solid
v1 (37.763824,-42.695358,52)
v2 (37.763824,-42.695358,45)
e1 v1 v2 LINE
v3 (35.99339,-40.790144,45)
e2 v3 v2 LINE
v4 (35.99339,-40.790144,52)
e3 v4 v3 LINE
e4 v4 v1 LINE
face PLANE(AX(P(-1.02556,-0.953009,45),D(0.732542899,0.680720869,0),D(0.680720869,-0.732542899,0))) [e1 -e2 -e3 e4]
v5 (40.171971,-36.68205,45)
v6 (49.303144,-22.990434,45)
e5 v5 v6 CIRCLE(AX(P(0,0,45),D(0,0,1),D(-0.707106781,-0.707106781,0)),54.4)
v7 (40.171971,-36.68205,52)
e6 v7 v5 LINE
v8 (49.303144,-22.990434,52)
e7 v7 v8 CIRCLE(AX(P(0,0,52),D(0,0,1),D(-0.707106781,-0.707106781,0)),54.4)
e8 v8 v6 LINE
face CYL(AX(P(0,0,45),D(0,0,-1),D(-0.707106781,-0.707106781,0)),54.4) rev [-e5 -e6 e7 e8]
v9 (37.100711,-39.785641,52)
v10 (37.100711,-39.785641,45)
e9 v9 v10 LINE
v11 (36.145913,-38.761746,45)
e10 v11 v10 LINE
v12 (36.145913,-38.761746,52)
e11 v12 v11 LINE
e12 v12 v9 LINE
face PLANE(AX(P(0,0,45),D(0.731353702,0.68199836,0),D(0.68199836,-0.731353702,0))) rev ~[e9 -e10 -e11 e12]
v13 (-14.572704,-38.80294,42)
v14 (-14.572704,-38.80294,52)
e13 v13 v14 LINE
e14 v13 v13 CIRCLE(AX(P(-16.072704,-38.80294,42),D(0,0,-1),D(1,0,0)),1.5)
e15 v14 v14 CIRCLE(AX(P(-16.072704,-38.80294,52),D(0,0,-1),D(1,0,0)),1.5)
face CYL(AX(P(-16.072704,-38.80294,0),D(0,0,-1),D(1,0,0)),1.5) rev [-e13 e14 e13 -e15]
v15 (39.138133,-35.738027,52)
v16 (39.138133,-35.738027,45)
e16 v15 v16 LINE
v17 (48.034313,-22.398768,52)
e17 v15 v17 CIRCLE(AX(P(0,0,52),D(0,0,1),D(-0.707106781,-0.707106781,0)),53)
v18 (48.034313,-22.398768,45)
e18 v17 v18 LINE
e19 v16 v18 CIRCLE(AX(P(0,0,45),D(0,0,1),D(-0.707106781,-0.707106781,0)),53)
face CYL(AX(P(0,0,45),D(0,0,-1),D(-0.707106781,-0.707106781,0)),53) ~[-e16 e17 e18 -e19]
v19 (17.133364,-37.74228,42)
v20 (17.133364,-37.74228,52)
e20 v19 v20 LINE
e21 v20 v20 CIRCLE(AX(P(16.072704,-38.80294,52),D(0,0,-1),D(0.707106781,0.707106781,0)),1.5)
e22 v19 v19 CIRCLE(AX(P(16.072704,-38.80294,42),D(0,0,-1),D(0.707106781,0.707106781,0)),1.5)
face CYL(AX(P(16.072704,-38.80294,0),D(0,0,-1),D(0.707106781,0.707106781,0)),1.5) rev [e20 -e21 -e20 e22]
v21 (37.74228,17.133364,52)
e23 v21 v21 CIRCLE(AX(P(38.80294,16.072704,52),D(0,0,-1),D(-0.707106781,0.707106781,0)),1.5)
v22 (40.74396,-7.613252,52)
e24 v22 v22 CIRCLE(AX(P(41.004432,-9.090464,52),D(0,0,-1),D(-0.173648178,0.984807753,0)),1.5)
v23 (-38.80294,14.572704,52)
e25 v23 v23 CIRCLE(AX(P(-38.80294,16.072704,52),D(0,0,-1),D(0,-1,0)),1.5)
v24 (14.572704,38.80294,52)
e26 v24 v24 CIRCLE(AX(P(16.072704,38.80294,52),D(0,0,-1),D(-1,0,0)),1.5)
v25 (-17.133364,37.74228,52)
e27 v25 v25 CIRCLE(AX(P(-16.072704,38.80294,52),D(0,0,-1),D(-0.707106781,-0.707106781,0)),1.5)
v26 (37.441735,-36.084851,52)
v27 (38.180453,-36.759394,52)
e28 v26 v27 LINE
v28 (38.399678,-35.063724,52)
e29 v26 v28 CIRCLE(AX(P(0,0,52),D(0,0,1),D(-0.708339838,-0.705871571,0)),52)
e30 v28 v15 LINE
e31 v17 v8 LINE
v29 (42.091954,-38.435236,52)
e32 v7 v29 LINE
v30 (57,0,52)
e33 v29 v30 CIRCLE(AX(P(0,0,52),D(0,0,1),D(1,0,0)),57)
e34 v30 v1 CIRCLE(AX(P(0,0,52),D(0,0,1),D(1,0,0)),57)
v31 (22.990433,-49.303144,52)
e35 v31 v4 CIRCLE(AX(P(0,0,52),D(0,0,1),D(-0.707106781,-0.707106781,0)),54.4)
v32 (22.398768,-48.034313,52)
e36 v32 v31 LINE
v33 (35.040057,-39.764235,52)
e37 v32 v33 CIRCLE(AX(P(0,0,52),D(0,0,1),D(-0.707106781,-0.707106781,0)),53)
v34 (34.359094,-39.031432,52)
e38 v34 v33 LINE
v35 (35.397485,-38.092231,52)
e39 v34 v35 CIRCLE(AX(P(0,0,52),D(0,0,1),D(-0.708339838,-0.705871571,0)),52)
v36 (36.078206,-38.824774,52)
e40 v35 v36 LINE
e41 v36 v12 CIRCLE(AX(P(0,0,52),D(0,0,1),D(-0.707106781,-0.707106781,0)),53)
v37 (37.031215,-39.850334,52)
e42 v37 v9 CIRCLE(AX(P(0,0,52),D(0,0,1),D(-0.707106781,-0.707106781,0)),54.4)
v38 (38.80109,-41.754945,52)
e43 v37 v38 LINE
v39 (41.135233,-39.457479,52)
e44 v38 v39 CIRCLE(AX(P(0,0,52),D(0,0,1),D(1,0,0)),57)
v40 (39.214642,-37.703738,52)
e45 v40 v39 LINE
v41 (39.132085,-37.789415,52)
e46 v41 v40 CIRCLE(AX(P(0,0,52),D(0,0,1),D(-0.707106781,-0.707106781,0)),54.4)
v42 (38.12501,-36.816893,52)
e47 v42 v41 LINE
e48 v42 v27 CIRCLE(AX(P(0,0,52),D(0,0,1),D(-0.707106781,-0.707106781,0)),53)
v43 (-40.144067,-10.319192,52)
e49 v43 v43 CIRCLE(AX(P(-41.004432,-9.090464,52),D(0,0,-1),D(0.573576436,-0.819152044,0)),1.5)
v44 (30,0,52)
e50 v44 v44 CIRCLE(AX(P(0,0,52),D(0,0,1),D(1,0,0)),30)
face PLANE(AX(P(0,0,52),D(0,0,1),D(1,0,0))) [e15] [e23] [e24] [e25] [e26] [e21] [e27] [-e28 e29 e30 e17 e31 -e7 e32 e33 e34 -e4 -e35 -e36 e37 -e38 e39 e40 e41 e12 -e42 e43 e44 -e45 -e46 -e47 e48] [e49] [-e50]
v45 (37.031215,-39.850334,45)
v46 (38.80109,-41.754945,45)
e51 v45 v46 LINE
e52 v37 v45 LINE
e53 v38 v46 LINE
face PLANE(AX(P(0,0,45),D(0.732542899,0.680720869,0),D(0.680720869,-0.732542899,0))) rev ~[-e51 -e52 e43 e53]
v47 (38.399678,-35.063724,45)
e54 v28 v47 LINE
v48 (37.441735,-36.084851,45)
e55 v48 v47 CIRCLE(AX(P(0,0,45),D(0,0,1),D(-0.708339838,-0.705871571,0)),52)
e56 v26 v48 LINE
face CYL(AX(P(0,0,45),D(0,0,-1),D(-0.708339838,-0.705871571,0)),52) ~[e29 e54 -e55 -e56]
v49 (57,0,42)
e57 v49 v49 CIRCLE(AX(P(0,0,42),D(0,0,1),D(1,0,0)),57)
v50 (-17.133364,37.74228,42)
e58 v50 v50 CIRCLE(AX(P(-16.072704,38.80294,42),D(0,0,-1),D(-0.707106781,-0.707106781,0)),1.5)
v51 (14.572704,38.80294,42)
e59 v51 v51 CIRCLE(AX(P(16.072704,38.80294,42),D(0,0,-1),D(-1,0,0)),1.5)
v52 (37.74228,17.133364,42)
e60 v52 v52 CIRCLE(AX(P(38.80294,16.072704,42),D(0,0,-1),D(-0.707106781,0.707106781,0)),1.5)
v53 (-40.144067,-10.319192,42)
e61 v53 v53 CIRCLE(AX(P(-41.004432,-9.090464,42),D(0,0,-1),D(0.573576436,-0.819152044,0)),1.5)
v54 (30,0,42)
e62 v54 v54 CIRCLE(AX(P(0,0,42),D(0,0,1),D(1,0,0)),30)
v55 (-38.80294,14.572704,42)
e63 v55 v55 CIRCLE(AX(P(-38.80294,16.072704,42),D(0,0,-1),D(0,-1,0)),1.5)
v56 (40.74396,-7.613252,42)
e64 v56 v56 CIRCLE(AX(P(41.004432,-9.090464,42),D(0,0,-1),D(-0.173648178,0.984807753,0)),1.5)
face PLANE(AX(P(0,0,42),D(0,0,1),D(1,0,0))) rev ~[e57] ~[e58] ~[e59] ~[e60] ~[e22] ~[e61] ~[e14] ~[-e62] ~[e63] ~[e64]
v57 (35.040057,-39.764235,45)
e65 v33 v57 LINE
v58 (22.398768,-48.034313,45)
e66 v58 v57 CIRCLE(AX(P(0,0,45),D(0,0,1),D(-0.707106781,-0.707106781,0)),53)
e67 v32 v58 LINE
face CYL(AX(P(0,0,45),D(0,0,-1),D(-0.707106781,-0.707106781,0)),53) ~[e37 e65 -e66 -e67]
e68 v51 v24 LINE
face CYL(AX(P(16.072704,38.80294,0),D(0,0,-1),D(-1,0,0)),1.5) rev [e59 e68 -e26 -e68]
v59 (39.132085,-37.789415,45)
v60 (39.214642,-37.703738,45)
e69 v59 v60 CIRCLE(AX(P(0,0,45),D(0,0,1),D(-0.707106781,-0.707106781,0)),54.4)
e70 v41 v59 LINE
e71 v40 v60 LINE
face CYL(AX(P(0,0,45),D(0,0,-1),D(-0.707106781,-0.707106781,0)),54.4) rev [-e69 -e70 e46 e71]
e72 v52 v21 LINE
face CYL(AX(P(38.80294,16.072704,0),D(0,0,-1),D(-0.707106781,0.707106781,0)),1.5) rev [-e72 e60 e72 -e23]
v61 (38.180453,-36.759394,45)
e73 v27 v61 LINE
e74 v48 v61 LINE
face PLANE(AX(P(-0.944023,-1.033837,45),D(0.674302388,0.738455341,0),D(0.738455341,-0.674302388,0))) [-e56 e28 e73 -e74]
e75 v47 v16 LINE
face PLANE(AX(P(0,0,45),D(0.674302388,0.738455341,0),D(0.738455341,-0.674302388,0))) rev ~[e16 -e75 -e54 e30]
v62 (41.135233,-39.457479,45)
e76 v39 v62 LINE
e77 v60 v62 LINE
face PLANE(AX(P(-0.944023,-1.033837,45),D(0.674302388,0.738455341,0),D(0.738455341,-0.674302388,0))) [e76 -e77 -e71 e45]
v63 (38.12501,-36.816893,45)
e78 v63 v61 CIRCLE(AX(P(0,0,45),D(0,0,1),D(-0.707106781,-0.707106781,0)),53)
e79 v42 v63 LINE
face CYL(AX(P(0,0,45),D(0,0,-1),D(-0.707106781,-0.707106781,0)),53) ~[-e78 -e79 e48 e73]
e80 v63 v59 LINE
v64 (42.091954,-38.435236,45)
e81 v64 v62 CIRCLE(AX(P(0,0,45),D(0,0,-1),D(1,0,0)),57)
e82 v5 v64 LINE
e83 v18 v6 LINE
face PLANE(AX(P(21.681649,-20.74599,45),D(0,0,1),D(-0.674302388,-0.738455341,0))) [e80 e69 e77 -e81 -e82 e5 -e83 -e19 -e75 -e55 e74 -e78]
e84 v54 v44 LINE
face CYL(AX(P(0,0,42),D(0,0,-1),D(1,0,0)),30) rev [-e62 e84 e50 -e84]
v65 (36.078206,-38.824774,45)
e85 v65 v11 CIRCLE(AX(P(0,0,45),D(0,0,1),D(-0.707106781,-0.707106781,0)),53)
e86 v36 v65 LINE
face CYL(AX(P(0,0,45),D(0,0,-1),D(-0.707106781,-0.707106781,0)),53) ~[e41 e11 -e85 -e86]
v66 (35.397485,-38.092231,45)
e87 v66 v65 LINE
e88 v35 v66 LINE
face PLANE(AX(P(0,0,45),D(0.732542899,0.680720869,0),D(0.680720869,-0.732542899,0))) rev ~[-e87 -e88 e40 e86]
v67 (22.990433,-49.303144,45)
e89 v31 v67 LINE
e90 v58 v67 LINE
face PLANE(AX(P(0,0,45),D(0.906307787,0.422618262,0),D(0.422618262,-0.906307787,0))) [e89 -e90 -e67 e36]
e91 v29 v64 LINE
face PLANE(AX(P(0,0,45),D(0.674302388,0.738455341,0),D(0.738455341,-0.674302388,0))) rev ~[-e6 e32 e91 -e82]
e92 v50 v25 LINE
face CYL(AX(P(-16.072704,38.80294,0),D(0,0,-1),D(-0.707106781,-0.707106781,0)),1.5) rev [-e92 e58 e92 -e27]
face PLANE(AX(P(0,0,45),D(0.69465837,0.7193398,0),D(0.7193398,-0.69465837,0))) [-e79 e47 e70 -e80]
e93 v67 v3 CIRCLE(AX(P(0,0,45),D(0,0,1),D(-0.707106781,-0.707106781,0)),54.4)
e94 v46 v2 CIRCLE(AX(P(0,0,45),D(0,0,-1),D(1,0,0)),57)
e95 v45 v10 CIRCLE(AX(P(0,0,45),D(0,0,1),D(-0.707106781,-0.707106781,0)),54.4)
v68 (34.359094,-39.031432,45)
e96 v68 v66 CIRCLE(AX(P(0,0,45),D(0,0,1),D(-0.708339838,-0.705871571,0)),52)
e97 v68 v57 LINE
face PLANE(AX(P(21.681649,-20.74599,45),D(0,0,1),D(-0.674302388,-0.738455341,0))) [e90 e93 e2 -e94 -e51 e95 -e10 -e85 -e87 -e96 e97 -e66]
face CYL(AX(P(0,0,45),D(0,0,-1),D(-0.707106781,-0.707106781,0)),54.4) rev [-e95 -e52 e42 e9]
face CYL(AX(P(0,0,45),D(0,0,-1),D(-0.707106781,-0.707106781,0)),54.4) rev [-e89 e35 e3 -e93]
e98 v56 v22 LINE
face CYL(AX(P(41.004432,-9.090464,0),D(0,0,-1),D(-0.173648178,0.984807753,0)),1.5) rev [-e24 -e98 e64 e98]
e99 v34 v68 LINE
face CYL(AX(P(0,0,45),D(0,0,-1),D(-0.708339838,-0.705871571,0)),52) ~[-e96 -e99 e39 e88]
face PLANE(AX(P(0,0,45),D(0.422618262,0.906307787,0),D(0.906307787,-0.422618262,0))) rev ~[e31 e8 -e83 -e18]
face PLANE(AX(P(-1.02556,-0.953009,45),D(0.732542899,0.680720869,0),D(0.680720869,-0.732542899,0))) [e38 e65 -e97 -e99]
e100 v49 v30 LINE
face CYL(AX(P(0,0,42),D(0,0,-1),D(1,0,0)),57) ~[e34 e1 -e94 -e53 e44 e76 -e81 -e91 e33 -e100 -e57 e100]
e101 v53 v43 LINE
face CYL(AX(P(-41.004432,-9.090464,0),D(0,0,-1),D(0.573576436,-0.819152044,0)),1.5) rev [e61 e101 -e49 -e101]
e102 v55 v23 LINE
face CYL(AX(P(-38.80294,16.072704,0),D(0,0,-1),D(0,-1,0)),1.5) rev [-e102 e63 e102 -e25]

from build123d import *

# Parameters (mm, degrees)
BOX311_W                    = 60
BOX311_H                    = 60
BOX311_DEPTH                = 7
BOX311_PLACEMENT_ANGLE      = 1
BOX312_W                    = 60
BOX312_H                    = 60
BOX312_DEPTH                = 7
BOX312_PLACEMENT_ANGLE      = 2
BOX310_W                    = 120
BOX310_H                    = 60
BOX310_DEPTH                = 7
TUBE084_R                   = 54.4
TUBE084_R_2                 = 53
TUBE084_DEPTH               = 7
BOX308_W                    = 60
BOX308_H                    = 60
BOX308_DEPTH                = 7
BOX308_PLACEMENT_ANGLE      = 20
BOX307_W                    = 60
BOX307_H                    = 60
BOX307_DEPTH                = 7
BOX307_PLACEMENT_ANGLE      = 20
BOX309_W                    = 120
BOX309_H                    = 60
BOX309_DEPTH                = 7
TUBE085_R                   = 54.4
TUBE085_R_2                 = 53
TUBE085_DEPTH               = 7
CUT335_PLACEMENT_ANGLE      = 225
CYLINDER804_R               = 52
CYLINDER804_DEPTH           = 7
BOX313_W                    = 1.4
BOX313_H                    = 60
BOX313_DEPTH                = 7
BOX313_PLACEMENT_ANGLE      = 2.7
BOX314_W                    = 1.4
BOX314_H                    = 60
BOX314_DEPTH                = 7
BOX314_PLACEMENT_ANGLE      = 2
CUT339_PLACEMENT_ANGLE      = 224.9
CYLINDER808_R               = 1.5
CYLINDER808_DEPTH           = 100
CYLINDER808_PLACEMENT_ANGLE = 100
CYLINDER806_R               = 1.5
CYLINDER806_DEPTH           = 100
CYLINDER806_PLACEMENT_ANGLE = 135
CYLINDER810_R               = 1.5
CYLINDER810_DEPTH           = 100
CYLINDER812_R               = 1.5
CYLINDER812_DEPTH           = 100
CYLINDER812_PLACEMENT_ANGLE = 225
CYLINDER805_R               = 1.5
CYLINDER805_DEPTH           = 100
CYLINDER809_R               = 1.5
CYLINDER809_DEPTH           = 100
CYLINDER809_PLACEMENT_ANGLE = 55
CYLINDER807_R               = 1.5
CYLINDER807_DEPTH           = 100
CYLINDER811_R               = 1.5
CYLINDER811_DEPTH           = 100
CYLINDER811_PLACEMENT_ANGLE = 45
TUBE087_R                   = 57
TUBE087_R_2                 = 30
TUBE087_DEPTH               = 10


with BuildPart() as krychle311:
    # Box311 → Box311 (new body)
    with BuildSketch(Plane.XY):
        with Locations((30, 30)):
            Rectangle(BOX311_W, BOX311_H)
    extrude(amount=BOX311_DEPTH)


with BuildPart() as krychle311_1:
    # Box311 placement: moved
    add(krychle311.part.moved(Location((-59.990862, -1.047144, -22))).rotate(Axis((-59.990862, -1.047144, -22), (0, 0, 1)), BOX311_PLACEMENT_ANGLE))


with BuildPart() as compound719:
    # Box312 → Box312 (new body)
    with BuildSketch(Plane.XY):
        with Locations((30, 30)):
            Rectangle(BOX312_W, BOX312_H)
    extrude(amount=BOX312_DEPTH)


with BuildPart() as compound719_1:
    # Box312 placement: moved
    add(compound719.part.moved(Location((0, 0, -22))).rotate(Axis((0, 0, -22), (0, 0, -1)), BOX312_PLACEMENT_ANGLE))

    # Compound719: union Krychle311
    add(krychle311_1.part)


with BuildPart() as krychle310:
    # Box310 → Box310 (new body)
    with BuildSketch(Plane(origin=(-60, -60, -22), x_dir=(1, 0, 0), z_dir=(0, 0, 1))):
        with Locations((60, 30)):
            Rectangle(BOX310_W, BOX310_H)
    extrude(amount=BOX310_DEPTH)


with BuildPart() as cut338:
    # Tube084 → Tube084 (new body)
    with BuildSketch(Plane.XY.offset(-22)):
        Circle(TUBE084_R)
        Circle(TUBE084_R_2, mode=Mode.SUBTRACT)
    extrude(amount=TUBE084_DEPTH)

    # Cut337: cut Krychle310
    add(krychle310.part, mode=Mode.SUBTRACT)

    # Cut338: cut Compound719
    add(compound719_1.part, mode=Mode.SUBTRACT)


with BuildPart() as cut338_1:
    # Cut338 placement: moved
    add(cut338.part.moved(Location((0, 0, -7))))


with BuildPart() as krychle308:
    # Box308 → Box308 (new body)
    with BuildSketch(Plane.XY):
        with Locations((30, 30)):
            Rectangle(BOX308_W, BOX308_H)
    extrude(amount=BOX308_DEPTH)


with BuildPart() as krychle308_1:
    # Box308 placement: moved
    add(krychle308.part.moved(Location((-56.381557, -20.521209, -22))).rotate(Axis((-56.381557, -20.521209, -22), (0, 0, 1)), BOX308_PLACEMENT_ANGLE))


with BuildPart() as compound718:
    # Box307 → Box307 (new body)
    with BuildSketch(Plane.XY):
        with Locations((30, 30)):
            Rectangle(BOX307_W, BOX307_H)
    extrude(amount=BOX307_DEPTH)


with BuildPart() as compound718_1:
    # Box307 placement: moved
    add(compound718.part.moved(Location((0, 0, -22))).rotate(Axis((0, 0, -22), (0, 0, -1)), BOX307_PLACEMENT_ANGLE))

    # Compound718: union Krychle308
    add(krychle308_1.part)


with BuildPart() as krychle309:
    # Box309 → Box309 (new body)
    with BuildSketch(Plane(origin=(-60, -60, -22), x_dir=(1, 0, 0), z_dir=(0, 0, 1))):
        with Locations((60, 30)):
            Rectangle(BOX309_W, BOX309_H)
    extrude(amount=BOX309_DEPTH)


with BuildPart() as cut335:
    # Tube085 → Tube085 (new body)
    with BuildSketch(Plane.XY.offset(-22)):
        Circle(TUBE085_R)
        Circle(TUBE085_R_2, mode=Mode.SUBTRACT)
    extrude(amount=TUBE085_DEPTH)

    # Cut334: cut Krychle309
    add(krychle309.part, mode=Mode.SUBTRACT)

    # Cut336: cut Compound718
    add(compound718_1.part, mode=Mode.SUBTRACT)


with BuildPart() as cut335_1:
    # Cut336 placement: moved
    add(cut335.part.moved(Location((0, 0, -7))))

    # Cut335: cut Cut338
    add(cut338_1.part, mode=Mode.SUBTRACT)


with BuildPart() as cut335_2:
    # Cut335 placement: moved
    add(cut335_1.part.moved(Location((0, 0, 74))).rotate(Axis((0, 0, 74), (0, 0, 1)), CUT335_PLACEMENT_ANGLE))


with BuildPart() as v_lec804:
    # Cylinder804 → Cylinder804 (new body)
    with BuildSketch(Plane.XY.offset(-22)):
        Circle(CYLINDER804_R)
    extrude(amount=CYLINDER804_DEPTH)


with BuildPart() as krychle313:
    # Box313 → Box313 (new body)
    with BuildSketch(Plane.XY):
        with Locations((0.7, 30)):
            Rectangle(BOX313_W, BOX313_H)
    extrude(amount=BOX313_DEPTH)


with BuildPart() as krychle313_1:
    # Box313 placement: moved
    add(krychle313.part.moved(Location((0, 0, -22))).rotate(Axis((0, 0, -22), (0, 0, 1)), BOX313_PLACEMENT_ANGLE))


with BuildPart() as cut339:
    # Box314 → Box314 (new body)
    with BuildSketch(Plane.XY):
        with Locations((0.7, 30)):
            Rectangle(BOX314_W, BOX314_H)
    extrude(amount=BOX314_DEPTH)


with BuildPart() as cut339_1:
    # Box314 placement: moved
    add(cut339.part.moved(Location((0, 0, -22))).rotate(Axis((0, 0, -22), (0, 0, -1)), BOX314_PLACEMENT_ANGLE))

    # Compound720: union Krychle313
    add(krychle313_1.part)

    # Cut339: cut Válec804
    add(v_lec804.part, mode=Mode.SUBTRACT)


with BuildPart() as cut339_2:
    # Cut339 placement: moved
    add(cut339_1.part.moved(Location((0, 0, 67))).rotate(Axis((0, 0, 67), (0, 0, 1)), CUT339_PLACEMENT_ANGLE))


with BuildPart() as v_lec808:
    # Cylinder808 → Cylinder808 (new body)
    with BuildSketch(Plane.XY):
        Circle(CYLINDER808_R)
    extrude(amount=CYLINDER808_DEPTH)


with BuildPart() as v_lec808_1:
    # Cylinder808 placement: moved
    add(v_lec808.part.moved(Location((41.004432, -9.090464, 0))).rotate(Axis((41.004432, -9.090464, 0), (0, 0, 1)), CYLINDER808_PLACEMENT_ANGLE))


with BuildPart() as v_lec806:
    # Cylinder806 → Cylinder806 (new body)
    with BuildSketch(Plane.XY):
        Circle(CYLINDER806_R)
    extrude(amount=CYLINDER806_DEPTH)


with BuildPart() as v_lec806_1:
    # Cylinder806 placement: moved
    add(v_lec806.part.moved(Location((38.80294, 16.072704, 0))).rotate(Axis((38.80294, 16.072704, 0), (0, 0, 1)), CYLINDER806_PLACEMENT_ANGLE))


with BuildPart() as v_lec810:
    # Cylinder810 → Cylinder810 (new body)
    with BuildSketch(Plane(origin=(16.072704, 38.80294, 0), x_dir=(-1, 0, 0), z_dir=(0, 0, 1))):
        Circle(CYLINDER810_R)
    extrude(amount=CYLINDER810_DEPTH)


with BuildPart() as v_lec812:
    # Cylinder812 → Cylinder812 (new body)
    with BuildSketch(Plane.XY):
        Circle(CYLINDER812_R)
    extrude(amount=CYLINDER812_DEPTH)


with BuildPart() as v_lec812_1:
    # Cylinder812 placement: moved
    add(v_lec812.part.moved(Location((-16.072704, 38.80294, 0))).rotate(Axis((-16.072704, 38.80294, 0), (0, 0, 1)), CYLINDER812_PLACEMENT_ANGLE))


with BuildPart() as v_lec805:
    # Cylinder805 → Cylinder805 (new body)
    with BuildSketch(Plane(origin=(-38.80294, 16.072704, 0), x_dir=(0, -1, 0), z_dir=(0, 0, 1))):
        Circle(CYLINDER805_R)
    extrude(amount=CYLINDER805_DEPTH)


with BuildPart() as v_lec809:
    # Cylinder809 → Cylinder809 (new body)
    with BuildSketch(Plane.XY):
        Circle(CYLINDER809_R)
    extrude(amount=CYLINDER809_DEPTH)


with BuildPart() as v_lec809_1:
    # Cylinder809 placement: moved
    add(v_lec809.part.moved(Location((-41.004432, -9.090464, 0))).rotate(Axis((-41.004432, -9.090464, 0), (0, 0, -1)), CYLINDER809_PLACEMENT_ANGLE))


with BuildPart() as v_lec807:
    # Cylinder807 → Cylinder807 (new body)
    with BuildSketch(Plane(origin=(-16.072704, -38.80294, 0), x_dir=(1, 0, 0), z_dir=(0, 0, 1))):
        Circle(CYLINDER807_R)
    extrude(amount=CYLINDER807_DEPTH)


with BuildPart() as compound721:
    # Cylinder811 → Cylinder811 (new body)
    with BuildSketch(Plane.XY):
        Circle(CYLINDER811_R)
    extrude(amount=CYLINDER811_DEPTH)


with BuildPart() as compound721_1:
    # Cylinder811 placement: moved
    add(compound721.part.moved(Location((16.072704, -38.80294, 0))).rotate(Axis((16.072704, -38.80294, 0), (0, 0, 1)), CYLINDER811_PLACEMENT_ANGLE))

    # Compound721: union Válec808, Válec806, Válec810, Válec812, Válec805, Válec809, Válec807
    add(v_lec808_1.part)
    add(v_lec806_1.part)
    add(v_lec810.part)
    add(v_lec812_1.part)
    add(v_lec805.part)
    add(v_lec809_1.part)
    add(v_lec807.part)


with BuildPart() as cut342:
    # Tube087 → Tube087 (new body)
    with BuildSketch(Plane.XY.offset(42)):
        Circle(TUBE087_R)
        Circle(TUBE087_R_2, mode=Mode.SUBTRACT)
    extrude(amount=TUBE087_DEPTH)

    # Cut340: cut Compound721
    add(compound721_1.part, mode=Mode.SUBTRACT)

    # Cut341: cut Cut339
    add(cut339_2.part, mode=Mode.SUBTRACT)

    # Cut342: cut Cut335
    add(cut335_2.part, mode=Mode.SUBTRACT)


solid = cut342.part
